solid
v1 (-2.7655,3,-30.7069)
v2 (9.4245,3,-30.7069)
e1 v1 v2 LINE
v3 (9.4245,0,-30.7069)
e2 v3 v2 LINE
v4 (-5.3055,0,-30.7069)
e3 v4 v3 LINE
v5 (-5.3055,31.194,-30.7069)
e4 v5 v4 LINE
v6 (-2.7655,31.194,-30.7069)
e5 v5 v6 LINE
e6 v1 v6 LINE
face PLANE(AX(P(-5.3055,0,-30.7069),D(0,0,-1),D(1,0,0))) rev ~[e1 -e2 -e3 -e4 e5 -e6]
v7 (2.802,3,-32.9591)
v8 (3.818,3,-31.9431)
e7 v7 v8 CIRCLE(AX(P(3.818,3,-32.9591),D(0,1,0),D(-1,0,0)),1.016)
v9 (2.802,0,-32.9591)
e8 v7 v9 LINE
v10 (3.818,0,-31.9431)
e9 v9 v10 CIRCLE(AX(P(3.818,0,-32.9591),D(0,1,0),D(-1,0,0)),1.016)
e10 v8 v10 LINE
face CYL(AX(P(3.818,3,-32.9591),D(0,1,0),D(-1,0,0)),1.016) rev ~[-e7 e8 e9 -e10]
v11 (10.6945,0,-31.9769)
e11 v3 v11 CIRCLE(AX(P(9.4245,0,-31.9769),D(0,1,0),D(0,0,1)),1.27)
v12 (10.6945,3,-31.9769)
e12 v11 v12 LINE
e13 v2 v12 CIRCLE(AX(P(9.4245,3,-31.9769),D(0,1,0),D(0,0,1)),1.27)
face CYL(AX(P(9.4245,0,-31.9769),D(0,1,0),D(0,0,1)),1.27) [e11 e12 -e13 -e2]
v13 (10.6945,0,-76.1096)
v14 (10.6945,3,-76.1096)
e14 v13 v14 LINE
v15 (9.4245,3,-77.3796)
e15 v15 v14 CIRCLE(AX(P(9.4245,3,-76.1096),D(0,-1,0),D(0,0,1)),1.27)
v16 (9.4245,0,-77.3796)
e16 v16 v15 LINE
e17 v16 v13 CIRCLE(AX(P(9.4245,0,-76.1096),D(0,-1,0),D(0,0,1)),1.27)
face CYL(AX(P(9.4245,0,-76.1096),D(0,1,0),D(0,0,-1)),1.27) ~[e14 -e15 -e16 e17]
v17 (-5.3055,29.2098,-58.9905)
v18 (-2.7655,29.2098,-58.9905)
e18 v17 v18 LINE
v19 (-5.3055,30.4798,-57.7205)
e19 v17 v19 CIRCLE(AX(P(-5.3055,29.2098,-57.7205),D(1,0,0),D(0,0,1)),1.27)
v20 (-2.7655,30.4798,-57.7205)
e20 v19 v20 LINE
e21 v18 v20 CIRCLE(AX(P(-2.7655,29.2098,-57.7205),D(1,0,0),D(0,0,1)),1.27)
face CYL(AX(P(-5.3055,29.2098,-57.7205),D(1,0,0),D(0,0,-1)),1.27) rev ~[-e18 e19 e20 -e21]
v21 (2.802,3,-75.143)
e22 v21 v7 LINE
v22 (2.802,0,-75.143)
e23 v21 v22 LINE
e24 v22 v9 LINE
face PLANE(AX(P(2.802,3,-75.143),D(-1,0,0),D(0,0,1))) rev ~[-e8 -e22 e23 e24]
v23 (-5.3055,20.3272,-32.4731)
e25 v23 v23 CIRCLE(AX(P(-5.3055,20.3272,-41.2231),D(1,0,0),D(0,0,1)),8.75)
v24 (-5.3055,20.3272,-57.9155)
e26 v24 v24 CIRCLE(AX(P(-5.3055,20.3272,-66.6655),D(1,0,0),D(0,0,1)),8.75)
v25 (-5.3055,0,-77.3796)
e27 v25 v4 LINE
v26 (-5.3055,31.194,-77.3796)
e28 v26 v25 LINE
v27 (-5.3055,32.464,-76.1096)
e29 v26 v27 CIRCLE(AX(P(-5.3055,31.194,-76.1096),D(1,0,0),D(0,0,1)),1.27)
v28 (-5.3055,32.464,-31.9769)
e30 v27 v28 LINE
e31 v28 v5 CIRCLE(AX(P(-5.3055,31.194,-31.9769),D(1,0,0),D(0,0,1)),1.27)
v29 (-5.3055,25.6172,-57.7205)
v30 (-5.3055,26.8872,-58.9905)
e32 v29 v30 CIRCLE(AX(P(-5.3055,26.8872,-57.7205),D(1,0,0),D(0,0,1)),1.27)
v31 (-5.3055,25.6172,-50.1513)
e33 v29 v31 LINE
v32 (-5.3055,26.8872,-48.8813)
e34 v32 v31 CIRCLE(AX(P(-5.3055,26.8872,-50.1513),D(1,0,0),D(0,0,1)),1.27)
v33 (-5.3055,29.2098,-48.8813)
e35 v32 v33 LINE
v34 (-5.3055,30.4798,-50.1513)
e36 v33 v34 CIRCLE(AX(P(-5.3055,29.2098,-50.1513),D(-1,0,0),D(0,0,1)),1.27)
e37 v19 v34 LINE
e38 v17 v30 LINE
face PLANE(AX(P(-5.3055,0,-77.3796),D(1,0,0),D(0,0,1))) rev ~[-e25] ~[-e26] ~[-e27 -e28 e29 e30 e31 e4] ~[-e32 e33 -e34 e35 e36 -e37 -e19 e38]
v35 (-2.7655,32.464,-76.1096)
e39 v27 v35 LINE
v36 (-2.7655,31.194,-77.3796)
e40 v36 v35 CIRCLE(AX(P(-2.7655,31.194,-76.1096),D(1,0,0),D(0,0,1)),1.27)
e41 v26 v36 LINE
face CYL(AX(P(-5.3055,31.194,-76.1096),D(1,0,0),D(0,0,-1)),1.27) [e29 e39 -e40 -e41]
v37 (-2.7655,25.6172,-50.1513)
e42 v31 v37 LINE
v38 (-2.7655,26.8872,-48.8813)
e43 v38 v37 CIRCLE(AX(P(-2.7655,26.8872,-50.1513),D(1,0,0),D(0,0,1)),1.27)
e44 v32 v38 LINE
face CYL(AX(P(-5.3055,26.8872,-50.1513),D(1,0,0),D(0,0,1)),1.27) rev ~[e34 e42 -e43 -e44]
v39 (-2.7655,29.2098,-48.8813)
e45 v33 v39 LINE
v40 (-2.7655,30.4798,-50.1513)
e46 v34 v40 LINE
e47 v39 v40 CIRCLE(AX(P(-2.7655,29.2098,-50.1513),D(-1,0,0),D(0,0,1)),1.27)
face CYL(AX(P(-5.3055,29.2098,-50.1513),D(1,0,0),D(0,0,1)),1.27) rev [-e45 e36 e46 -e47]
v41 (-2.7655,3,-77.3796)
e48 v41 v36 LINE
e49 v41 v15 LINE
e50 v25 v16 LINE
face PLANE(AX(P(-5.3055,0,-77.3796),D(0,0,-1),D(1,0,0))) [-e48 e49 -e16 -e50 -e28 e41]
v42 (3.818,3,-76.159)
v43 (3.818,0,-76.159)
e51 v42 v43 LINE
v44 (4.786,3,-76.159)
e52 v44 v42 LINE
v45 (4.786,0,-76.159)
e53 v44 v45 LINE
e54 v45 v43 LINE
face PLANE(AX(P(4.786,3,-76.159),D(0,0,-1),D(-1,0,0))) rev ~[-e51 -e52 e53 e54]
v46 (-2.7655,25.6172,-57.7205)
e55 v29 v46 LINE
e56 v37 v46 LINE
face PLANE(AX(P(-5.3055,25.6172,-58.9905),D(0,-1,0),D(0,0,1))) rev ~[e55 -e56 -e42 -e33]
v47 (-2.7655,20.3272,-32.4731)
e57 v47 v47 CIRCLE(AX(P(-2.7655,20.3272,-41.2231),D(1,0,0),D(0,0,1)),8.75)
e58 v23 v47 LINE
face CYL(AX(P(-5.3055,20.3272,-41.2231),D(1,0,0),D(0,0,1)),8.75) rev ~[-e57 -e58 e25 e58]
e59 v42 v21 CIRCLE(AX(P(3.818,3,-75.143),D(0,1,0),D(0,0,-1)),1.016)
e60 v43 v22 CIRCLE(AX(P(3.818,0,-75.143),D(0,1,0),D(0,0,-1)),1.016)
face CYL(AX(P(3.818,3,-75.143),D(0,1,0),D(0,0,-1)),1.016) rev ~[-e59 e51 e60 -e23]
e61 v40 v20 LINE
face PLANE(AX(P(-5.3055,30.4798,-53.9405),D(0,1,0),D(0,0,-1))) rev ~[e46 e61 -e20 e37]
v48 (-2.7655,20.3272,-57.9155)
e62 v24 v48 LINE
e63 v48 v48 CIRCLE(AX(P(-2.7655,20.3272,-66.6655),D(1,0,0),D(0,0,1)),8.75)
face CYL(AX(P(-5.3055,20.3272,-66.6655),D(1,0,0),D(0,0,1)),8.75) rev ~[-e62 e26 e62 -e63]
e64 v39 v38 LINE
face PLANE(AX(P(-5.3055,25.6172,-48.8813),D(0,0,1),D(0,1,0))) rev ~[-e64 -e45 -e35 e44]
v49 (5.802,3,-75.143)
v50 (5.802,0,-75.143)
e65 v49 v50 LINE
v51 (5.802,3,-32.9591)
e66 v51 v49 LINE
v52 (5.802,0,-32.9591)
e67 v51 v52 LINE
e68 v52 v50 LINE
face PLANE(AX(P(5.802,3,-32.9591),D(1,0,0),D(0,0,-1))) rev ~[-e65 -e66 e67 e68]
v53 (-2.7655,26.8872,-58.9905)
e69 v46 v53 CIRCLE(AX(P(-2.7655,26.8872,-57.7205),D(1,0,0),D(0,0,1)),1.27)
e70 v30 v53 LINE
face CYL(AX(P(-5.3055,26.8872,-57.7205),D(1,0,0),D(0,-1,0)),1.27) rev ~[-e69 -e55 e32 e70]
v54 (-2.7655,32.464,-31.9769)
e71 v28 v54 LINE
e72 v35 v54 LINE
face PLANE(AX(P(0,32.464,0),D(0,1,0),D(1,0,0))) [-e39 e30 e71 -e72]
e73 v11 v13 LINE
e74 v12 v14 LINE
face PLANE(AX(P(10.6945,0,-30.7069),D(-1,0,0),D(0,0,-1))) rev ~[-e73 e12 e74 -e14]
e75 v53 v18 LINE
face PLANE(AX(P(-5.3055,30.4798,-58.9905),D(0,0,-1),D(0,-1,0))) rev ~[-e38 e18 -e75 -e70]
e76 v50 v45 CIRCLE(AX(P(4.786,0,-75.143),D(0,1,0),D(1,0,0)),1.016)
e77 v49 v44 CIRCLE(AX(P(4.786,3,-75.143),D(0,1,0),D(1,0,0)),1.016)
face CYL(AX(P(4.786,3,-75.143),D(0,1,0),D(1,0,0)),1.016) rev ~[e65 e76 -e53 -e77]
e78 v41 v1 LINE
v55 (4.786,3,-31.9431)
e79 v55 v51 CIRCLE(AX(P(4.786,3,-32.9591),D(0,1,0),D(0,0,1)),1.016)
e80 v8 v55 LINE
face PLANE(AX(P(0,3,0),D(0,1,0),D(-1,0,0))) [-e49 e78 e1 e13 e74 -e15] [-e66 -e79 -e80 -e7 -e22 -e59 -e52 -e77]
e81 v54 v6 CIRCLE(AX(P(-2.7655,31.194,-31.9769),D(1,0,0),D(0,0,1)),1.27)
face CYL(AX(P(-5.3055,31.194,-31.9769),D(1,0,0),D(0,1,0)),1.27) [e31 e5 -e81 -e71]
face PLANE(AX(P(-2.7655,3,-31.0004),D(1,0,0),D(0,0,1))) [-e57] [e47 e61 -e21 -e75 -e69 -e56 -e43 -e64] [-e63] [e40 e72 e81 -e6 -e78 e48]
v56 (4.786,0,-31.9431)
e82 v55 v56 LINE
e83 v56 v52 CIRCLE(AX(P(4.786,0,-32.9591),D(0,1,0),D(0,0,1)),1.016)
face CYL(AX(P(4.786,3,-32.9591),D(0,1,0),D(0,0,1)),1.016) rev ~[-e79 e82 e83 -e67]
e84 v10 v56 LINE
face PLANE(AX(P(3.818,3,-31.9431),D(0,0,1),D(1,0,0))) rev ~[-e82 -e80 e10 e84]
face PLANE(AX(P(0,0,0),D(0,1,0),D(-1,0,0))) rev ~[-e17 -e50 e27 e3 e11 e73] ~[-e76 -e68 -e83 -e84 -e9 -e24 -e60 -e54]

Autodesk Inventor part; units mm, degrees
ref_plane "YZ Plane" through (0, 0, 0) normal (1, 0, 0) x (0, 1, 0)
ref_plane "XZ Plane" through (0, 0, 0) normal (0, 1, 0) x (-1, 0, 0)
ref_plane "XY Plane" through (0, 0, 0) normal (0, 0, 1) x (1, 0, 0)
sketch "Base" plane through (0, 0, 0) normal (0, 1, 0) x (-1, 0, 0)
  line L0 (-10.6945, -30.7069) -> (-10.6945, -77.3796)
  line L1 (5.3055, -77.3796) -> (5.3055, -30.7069)
  line L2 (5.3055, -30.7069) -> (-10.6945, -30.7069)
  line L3 (5.3055, -77.3796) -> (-10.6945, -77.3796)
  point P0 (0, 0)
extrude "Extrusion1" add sketch "Base" along normal blind 3
sketch "FrontWall" plane through (0, 3, 0) normal (0, 1, 0) x (1, 0, 0)
  line L0 (-5.3055, 77.3796) -> (-5.3055, 30.7069) projected
  line L1 (-2.7655, 31.0004) -> (-2.7655, 77.0861)
  line L2 (-5.3055, 77.3796) -> (-2.7655, 77.3796)
  line L3 (10.6945, 77.3796) -> (-5.3055, 77.3796) projected
  line L4 (-2.7655, 77.0861) -> (-2.7655, 77.2936)
  line L5 (-2.7655, 77.2936) -> (-2.7655, 77.3796)
  line L6 (-2.7655, 31.0004) -> (-2.7655, 30.7069)
  line L7 (-5.3055, 30.7069) -> (-2.7655, 30.7069)
  line L8 (-5.3055, 30.7069) -> (10.6945, 30.7069) projected
  point P0 (0, 0)
extrude "Extrusion2" add sketch "FrontWall" along normal blind 29.464
sketch "Sketch5" plane through (-5.3055, 0, -77.3796) normal (-1, 0, 0) x (0, 0, 1)
  line L0 (-47.9308, 0) -> (-47.9308, 32.464)
  line L1 (0, 0) -> (0, 32.464)
  line L2 (46.1641, 31.6804) -> (0.7141, 31.6804)
  line L3 (0.7141, 31.6804) -> (0.7141, 10.0772)
  line L4 (0.7141, 10.0772) -> (46.1641, 10.0772)
  line L5 (46.1641, 10.0772) -> (46.1641, 31.6804)
  line L6 (23.4391, 30.4798) -> (18.3891, 30.4798)
  line L7 (18.3891, 30.4798) -> (18.3891, 25.6172)
  line L8 (18.3891, 25.6172) -> (28.4983, 25.6172)
  line L9 (28.4983, 25.6172) -> (28.4983, 30.4798)
  line L10 (28.4983, 30.4798) -> (23.4391, 30.4798)
  point P0 (77.3796, 0)
  point P1 (74.13, 0)
  point P2 (10.7141, 20.3272)
  point P3 (36.1565, 20.3272)
  dimension "d27" = 47.9308
  dimension "d28" = 45.45
hole "Hole2" at (-5.3055, 20.3272, -41.2231) at (-5.3055, 20.3272, -66.6655) direction (1, 0, 0) diameter 17.5 end through all
extrude "Extrusion4" cut sketch "Sketch5" against normal blind 29.464 contours L10 L9 L8 L7 L6
fillet "Fillet1" radius 1.27 4 edges at (-4.0355, 30.4798, -58.9905) (-4.0355, 25.6172, -58.9905) (-4.0355, 30.4798, -48.8813) (-4.0355, 25.6172, -48.8813)
fillet "Fillet2" radius 1.27 4 edges at (-4.0355, 32.464, -30.7069) (-4.0355, 32.464, -77.3796) (10.6945, 1.5, -30.7069) (10.6945, 1.5, -77.3796)
sketch "Sketch8" plane through (0, 3, 0) normal (0, 1, 0) x (1, 0, 0)
  line L0 (3.818, 31.9431) -> (4.786, 31.9431)
  line L1 (5.802, 32.9591) -> (5.802, 75.143)
  line L2 (4.786, 76.159) -> (3.818, 76.159)
  line L3 (2.802, 75.143) -> (2.802, 32.9591)
  arc A0 (3.818, 76.159) -> (2.802, 75.143) centre (3.818, 75.143) ccw
  arc A1 (5.802, 75.143) -> (4.786, 76.159) centre (4.786, 75.143) ccw
  arc A2 (2.802, 32.9591) -> (3.818, 31.9431) centre (3.818, 32.9591) ccw
  arc A3 (4.786, 31.9431) -> (5.802, 32.9591) centre (4.786, 32.9591) ccw
  point P0 (0, 0)
  point P1 (5.802, 76.159)
  point P2 (2.802, 76.159)
  dimension "d62" = 3
  dimension "d63" = 1.016
extrude "Extrusion6" cut sketch "Sketch8" against normal through all
properties part number "UltrasonicSensorMountSingle"
